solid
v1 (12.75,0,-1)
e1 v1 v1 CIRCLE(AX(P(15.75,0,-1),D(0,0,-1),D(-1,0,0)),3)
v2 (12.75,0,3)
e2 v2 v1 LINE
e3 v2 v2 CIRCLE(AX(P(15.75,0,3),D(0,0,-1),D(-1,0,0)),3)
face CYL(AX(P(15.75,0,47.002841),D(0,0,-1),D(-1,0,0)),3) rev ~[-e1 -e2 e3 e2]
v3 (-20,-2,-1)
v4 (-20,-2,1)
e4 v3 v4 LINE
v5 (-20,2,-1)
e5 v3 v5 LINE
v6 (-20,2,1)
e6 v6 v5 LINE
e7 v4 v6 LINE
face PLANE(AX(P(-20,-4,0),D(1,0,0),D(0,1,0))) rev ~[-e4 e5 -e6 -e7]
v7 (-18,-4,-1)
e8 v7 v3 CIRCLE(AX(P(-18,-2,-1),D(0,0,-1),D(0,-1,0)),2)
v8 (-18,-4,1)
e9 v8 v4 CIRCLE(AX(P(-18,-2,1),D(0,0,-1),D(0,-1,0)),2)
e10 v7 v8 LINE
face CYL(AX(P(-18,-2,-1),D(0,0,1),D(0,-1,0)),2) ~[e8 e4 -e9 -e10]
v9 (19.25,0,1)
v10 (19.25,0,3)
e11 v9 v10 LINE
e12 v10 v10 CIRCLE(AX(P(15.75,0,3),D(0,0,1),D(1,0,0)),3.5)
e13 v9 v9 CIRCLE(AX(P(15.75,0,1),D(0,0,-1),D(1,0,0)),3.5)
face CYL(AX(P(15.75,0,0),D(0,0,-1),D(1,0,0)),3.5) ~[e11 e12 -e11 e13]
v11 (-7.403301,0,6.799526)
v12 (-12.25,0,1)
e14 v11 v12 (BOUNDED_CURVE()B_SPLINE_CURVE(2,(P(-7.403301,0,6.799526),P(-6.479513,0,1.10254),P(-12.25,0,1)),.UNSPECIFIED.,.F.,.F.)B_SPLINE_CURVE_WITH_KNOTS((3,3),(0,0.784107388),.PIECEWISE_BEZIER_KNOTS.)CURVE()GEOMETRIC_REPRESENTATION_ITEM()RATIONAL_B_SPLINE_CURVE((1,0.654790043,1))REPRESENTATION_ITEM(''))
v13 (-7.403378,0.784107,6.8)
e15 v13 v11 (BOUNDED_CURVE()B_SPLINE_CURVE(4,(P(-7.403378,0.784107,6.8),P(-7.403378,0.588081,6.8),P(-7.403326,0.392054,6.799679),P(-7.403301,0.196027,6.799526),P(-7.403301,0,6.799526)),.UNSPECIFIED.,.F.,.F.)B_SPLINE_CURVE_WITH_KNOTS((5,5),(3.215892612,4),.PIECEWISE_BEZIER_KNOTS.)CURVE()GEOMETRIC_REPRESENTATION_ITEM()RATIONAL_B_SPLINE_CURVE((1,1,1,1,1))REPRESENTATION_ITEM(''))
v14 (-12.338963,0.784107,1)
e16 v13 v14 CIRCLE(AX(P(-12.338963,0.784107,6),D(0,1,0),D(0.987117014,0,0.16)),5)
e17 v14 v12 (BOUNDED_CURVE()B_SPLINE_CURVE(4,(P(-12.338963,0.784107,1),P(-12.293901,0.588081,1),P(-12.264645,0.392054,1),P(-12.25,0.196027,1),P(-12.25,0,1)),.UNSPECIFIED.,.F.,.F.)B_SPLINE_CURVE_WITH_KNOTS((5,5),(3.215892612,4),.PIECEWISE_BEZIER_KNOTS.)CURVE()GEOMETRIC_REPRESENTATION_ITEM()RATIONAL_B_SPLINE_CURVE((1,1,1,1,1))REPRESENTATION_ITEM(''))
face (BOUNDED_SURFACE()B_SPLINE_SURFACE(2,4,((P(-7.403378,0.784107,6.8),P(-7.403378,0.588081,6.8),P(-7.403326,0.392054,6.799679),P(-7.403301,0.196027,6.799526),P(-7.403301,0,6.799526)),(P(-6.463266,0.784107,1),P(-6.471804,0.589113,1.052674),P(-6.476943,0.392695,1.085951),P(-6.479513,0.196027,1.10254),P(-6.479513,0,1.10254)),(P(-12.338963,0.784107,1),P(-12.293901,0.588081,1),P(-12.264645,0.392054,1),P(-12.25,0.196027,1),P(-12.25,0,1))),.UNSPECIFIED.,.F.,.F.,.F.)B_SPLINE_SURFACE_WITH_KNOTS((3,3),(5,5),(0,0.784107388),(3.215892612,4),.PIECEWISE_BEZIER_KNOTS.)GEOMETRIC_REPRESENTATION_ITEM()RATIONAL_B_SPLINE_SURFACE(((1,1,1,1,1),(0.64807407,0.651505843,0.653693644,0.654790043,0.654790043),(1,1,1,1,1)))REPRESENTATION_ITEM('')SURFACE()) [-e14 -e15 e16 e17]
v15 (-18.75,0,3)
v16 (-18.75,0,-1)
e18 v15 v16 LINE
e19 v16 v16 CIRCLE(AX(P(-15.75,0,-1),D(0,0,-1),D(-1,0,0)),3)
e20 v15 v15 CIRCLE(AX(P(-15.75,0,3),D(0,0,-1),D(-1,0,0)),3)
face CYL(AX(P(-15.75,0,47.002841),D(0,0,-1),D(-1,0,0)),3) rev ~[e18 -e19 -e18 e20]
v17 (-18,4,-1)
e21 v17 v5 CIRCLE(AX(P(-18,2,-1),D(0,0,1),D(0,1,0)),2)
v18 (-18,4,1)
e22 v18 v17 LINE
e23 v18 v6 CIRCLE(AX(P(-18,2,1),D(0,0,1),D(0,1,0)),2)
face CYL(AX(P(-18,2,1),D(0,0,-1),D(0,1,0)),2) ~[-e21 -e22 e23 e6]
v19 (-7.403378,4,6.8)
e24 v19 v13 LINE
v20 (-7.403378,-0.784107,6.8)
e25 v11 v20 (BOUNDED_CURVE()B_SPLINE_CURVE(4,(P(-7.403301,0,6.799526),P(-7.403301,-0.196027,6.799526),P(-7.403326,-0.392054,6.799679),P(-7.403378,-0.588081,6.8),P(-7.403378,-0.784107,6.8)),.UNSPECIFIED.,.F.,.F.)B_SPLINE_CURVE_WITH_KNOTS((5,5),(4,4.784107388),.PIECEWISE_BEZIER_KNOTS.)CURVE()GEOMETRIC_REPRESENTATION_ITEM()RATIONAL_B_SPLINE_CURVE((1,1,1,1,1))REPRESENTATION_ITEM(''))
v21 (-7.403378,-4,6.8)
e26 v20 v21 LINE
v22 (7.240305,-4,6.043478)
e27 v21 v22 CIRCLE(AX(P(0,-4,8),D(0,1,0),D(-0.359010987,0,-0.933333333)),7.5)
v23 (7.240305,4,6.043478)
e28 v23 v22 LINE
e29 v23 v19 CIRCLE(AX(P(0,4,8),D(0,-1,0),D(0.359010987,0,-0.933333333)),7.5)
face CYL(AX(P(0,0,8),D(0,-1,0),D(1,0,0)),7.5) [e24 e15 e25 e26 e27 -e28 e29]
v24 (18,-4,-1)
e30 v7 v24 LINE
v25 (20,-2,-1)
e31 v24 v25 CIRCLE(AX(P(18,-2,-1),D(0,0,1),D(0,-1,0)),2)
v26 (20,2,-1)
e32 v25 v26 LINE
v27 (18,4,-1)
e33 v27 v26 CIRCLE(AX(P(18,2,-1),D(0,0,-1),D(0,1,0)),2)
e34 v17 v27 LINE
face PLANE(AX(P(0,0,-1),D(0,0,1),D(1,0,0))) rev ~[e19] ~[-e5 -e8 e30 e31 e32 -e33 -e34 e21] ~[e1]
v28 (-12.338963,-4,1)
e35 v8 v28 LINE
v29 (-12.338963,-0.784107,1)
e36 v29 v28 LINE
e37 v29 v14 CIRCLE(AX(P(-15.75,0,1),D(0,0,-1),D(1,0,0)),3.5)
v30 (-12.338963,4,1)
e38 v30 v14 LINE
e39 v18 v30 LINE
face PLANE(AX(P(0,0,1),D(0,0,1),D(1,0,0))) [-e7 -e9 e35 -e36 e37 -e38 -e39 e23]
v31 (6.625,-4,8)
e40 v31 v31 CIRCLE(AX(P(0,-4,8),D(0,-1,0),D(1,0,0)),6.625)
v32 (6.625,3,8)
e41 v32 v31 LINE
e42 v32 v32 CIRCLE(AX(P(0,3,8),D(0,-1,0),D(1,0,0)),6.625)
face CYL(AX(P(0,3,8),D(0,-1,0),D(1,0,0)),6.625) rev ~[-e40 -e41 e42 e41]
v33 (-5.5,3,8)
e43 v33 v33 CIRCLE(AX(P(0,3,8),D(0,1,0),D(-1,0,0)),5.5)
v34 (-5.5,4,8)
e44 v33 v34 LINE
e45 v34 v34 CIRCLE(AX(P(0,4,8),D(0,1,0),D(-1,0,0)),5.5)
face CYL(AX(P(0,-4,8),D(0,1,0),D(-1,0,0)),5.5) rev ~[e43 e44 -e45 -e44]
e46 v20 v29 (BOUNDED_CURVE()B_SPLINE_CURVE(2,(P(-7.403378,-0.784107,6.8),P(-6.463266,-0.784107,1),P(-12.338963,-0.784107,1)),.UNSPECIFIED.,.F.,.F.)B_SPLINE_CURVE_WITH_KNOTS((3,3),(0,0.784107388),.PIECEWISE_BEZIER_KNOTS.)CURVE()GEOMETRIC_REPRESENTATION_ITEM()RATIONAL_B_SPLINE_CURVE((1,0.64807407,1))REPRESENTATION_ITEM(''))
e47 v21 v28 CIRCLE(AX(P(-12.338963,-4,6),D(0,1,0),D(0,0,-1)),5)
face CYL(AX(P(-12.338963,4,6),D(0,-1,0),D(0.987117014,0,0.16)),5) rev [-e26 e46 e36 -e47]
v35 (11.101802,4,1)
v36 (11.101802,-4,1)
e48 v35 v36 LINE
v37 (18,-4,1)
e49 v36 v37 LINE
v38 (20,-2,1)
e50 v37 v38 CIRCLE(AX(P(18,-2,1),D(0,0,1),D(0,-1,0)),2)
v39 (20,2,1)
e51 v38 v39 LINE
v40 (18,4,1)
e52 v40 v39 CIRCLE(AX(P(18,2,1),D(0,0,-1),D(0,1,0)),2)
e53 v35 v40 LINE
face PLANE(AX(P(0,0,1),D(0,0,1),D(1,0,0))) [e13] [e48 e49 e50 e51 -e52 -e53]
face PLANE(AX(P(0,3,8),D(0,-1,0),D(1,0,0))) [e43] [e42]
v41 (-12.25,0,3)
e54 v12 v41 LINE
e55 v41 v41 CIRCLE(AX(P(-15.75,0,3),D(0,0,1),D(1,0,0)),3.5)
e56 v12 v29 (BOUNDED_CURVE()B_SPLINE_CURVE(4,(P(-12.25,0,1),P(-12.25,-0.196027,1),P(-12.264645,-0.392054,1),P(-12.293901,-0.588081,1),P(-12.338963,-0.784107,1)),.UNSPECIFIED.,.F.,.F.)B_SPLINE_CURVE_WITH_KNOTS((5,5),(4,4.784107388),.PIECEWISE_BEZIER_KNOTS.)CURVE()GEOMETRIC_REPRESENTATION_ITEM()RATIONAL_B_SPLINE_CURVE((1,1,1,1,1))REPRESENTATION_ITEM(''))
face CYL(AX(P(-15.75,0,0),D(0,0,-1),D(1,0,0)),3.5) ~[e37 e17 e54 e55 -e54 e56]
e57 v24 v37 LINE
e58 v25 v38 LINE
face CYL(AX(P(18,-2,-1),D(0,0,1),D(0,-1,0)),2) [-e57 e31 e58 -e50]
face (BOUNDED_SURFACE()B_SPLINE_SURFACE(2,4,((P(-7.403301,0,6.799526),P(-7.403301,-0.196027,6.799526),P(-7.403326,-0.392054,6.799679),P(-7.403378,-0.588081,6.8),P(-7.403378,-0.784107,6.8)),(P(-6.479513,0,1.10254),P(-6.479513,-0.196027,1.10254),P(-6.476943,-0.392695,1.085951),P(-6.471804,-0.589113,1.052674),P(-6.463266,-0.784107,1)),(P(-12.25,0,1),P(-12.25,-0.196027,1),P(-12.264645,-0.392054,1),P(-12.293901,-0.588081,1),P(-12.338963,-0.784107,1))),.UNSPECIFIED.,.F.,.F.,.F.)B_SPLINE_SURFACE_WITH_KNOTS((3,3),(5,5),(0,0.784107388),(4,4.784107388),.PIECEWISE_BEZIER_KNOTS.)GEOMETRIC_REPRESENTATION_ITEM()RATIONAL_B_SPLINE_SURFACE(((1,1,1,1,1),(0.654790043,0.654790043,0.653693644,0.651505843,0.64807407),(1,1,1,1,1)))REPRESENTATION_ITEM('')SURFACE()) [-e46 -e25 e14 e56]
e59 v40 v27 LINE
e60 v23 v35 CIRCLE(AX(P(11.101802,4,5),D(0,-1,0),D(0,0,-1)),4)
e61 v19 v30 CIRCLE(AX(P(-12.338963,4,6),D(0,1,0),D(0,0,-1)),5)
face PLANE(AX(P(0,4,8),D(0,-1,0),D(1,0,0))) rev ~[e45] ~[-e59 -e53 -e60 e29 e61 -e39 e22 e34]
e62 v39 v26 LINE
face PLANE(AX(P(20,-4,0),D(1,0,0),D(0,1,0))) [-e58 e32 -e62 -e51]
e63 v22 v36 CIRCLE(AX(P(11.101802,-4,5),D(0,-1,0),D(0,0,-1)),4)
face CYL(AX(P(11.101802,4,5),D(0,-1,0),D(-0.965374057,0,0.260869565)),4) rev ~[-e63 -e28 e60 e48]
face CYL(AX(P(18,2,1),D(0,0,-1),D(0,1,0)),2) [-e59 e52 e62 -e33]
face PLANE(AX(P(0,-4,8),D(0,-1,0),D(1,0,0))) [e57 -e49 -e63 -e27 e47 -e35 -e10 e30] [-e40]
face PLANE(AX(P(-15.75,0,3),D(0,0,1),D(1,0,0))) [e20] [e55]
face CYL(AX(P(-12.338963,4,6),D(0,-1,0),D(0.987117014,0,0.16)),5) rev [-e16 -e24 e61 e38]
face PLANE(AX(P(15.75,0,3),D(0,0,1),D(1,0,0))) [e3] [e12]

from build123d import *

# Parameters (mm, degrees)
F0_W           = 40
F0_H           = 8
F2_DEPTH       = 1
F1_R           = 3.5
F3_DEPTH       = 3
F4_R           = 7.5
F5_DEPTH       = 4
F6_R           = 4
F7_R           = 5
F9_D           = 11
F9_CBORE_D     = 13.25
F9_CBORE_DEPTH = 7
F12_D          = 6
F13_R          = 2


with BuildPart() as f2:
    # F0 (on Top) → F2 (new body, symmetric)
    with BuildSketch(Plane.XY):
        Rectangle(F0_W, F0_H)
    extrude(amount=F2_DEPTH, both=True)

    # F1 (on face) → F3 (join)
    with BuildSketch(Plane.XY):
        with Locations((-15.75, 0)):
            Circle(F1_R)
        with Locations((15.75, 0)):
            Circle(F1_R)
    extrude(amount=F3_DEPTH)

    # F4 (on Front) → F5 (join, symmetric)
    with BuildSketch(Plane.XZ):
        with Locations((0, 8)):
            Circle(F4_R)
    extrude(amount=F5_DEPTH, both=True)

    # F6
    f6_edges = [f2.edges().sort_by_distance(p)[0] for p in [
        (2.692582, 0, 1),
    ]]
    fillet(f6_edges, radius=F6_R)

    # F7
    f7_edges = [f2.edges().sort_by_distance(p)[0] for p in [
        (-2.692582, 0, 1),
    ]]
    fillet(f7_edges, radius=F7_R)

    # F9 (through all)
    with Locations(Plane.XZ.offset(4)):
        with Locations((0, 8)):
            CounterBoreHole(F9_D / 2, F9_CBORE_D / 2, F9_CBORE_DEPTH)

    # F12 (through all)
    with Locations(Plane.XY.offset(3)):
        with Locations((15.75, 0), (-15.75, 0)):
            Hole(F12_D / 2)

    # F13
    f13_edges = [f2.edges().sort_by_distance(p)[0] for p in [
        (-20, -4, 0),
        (-20, 4, 0),
        (20, 4, 0),
        (20, -4, 0),
    ]]
    fillet(f13_edges, radius=F13_R)


solid = f2.part
